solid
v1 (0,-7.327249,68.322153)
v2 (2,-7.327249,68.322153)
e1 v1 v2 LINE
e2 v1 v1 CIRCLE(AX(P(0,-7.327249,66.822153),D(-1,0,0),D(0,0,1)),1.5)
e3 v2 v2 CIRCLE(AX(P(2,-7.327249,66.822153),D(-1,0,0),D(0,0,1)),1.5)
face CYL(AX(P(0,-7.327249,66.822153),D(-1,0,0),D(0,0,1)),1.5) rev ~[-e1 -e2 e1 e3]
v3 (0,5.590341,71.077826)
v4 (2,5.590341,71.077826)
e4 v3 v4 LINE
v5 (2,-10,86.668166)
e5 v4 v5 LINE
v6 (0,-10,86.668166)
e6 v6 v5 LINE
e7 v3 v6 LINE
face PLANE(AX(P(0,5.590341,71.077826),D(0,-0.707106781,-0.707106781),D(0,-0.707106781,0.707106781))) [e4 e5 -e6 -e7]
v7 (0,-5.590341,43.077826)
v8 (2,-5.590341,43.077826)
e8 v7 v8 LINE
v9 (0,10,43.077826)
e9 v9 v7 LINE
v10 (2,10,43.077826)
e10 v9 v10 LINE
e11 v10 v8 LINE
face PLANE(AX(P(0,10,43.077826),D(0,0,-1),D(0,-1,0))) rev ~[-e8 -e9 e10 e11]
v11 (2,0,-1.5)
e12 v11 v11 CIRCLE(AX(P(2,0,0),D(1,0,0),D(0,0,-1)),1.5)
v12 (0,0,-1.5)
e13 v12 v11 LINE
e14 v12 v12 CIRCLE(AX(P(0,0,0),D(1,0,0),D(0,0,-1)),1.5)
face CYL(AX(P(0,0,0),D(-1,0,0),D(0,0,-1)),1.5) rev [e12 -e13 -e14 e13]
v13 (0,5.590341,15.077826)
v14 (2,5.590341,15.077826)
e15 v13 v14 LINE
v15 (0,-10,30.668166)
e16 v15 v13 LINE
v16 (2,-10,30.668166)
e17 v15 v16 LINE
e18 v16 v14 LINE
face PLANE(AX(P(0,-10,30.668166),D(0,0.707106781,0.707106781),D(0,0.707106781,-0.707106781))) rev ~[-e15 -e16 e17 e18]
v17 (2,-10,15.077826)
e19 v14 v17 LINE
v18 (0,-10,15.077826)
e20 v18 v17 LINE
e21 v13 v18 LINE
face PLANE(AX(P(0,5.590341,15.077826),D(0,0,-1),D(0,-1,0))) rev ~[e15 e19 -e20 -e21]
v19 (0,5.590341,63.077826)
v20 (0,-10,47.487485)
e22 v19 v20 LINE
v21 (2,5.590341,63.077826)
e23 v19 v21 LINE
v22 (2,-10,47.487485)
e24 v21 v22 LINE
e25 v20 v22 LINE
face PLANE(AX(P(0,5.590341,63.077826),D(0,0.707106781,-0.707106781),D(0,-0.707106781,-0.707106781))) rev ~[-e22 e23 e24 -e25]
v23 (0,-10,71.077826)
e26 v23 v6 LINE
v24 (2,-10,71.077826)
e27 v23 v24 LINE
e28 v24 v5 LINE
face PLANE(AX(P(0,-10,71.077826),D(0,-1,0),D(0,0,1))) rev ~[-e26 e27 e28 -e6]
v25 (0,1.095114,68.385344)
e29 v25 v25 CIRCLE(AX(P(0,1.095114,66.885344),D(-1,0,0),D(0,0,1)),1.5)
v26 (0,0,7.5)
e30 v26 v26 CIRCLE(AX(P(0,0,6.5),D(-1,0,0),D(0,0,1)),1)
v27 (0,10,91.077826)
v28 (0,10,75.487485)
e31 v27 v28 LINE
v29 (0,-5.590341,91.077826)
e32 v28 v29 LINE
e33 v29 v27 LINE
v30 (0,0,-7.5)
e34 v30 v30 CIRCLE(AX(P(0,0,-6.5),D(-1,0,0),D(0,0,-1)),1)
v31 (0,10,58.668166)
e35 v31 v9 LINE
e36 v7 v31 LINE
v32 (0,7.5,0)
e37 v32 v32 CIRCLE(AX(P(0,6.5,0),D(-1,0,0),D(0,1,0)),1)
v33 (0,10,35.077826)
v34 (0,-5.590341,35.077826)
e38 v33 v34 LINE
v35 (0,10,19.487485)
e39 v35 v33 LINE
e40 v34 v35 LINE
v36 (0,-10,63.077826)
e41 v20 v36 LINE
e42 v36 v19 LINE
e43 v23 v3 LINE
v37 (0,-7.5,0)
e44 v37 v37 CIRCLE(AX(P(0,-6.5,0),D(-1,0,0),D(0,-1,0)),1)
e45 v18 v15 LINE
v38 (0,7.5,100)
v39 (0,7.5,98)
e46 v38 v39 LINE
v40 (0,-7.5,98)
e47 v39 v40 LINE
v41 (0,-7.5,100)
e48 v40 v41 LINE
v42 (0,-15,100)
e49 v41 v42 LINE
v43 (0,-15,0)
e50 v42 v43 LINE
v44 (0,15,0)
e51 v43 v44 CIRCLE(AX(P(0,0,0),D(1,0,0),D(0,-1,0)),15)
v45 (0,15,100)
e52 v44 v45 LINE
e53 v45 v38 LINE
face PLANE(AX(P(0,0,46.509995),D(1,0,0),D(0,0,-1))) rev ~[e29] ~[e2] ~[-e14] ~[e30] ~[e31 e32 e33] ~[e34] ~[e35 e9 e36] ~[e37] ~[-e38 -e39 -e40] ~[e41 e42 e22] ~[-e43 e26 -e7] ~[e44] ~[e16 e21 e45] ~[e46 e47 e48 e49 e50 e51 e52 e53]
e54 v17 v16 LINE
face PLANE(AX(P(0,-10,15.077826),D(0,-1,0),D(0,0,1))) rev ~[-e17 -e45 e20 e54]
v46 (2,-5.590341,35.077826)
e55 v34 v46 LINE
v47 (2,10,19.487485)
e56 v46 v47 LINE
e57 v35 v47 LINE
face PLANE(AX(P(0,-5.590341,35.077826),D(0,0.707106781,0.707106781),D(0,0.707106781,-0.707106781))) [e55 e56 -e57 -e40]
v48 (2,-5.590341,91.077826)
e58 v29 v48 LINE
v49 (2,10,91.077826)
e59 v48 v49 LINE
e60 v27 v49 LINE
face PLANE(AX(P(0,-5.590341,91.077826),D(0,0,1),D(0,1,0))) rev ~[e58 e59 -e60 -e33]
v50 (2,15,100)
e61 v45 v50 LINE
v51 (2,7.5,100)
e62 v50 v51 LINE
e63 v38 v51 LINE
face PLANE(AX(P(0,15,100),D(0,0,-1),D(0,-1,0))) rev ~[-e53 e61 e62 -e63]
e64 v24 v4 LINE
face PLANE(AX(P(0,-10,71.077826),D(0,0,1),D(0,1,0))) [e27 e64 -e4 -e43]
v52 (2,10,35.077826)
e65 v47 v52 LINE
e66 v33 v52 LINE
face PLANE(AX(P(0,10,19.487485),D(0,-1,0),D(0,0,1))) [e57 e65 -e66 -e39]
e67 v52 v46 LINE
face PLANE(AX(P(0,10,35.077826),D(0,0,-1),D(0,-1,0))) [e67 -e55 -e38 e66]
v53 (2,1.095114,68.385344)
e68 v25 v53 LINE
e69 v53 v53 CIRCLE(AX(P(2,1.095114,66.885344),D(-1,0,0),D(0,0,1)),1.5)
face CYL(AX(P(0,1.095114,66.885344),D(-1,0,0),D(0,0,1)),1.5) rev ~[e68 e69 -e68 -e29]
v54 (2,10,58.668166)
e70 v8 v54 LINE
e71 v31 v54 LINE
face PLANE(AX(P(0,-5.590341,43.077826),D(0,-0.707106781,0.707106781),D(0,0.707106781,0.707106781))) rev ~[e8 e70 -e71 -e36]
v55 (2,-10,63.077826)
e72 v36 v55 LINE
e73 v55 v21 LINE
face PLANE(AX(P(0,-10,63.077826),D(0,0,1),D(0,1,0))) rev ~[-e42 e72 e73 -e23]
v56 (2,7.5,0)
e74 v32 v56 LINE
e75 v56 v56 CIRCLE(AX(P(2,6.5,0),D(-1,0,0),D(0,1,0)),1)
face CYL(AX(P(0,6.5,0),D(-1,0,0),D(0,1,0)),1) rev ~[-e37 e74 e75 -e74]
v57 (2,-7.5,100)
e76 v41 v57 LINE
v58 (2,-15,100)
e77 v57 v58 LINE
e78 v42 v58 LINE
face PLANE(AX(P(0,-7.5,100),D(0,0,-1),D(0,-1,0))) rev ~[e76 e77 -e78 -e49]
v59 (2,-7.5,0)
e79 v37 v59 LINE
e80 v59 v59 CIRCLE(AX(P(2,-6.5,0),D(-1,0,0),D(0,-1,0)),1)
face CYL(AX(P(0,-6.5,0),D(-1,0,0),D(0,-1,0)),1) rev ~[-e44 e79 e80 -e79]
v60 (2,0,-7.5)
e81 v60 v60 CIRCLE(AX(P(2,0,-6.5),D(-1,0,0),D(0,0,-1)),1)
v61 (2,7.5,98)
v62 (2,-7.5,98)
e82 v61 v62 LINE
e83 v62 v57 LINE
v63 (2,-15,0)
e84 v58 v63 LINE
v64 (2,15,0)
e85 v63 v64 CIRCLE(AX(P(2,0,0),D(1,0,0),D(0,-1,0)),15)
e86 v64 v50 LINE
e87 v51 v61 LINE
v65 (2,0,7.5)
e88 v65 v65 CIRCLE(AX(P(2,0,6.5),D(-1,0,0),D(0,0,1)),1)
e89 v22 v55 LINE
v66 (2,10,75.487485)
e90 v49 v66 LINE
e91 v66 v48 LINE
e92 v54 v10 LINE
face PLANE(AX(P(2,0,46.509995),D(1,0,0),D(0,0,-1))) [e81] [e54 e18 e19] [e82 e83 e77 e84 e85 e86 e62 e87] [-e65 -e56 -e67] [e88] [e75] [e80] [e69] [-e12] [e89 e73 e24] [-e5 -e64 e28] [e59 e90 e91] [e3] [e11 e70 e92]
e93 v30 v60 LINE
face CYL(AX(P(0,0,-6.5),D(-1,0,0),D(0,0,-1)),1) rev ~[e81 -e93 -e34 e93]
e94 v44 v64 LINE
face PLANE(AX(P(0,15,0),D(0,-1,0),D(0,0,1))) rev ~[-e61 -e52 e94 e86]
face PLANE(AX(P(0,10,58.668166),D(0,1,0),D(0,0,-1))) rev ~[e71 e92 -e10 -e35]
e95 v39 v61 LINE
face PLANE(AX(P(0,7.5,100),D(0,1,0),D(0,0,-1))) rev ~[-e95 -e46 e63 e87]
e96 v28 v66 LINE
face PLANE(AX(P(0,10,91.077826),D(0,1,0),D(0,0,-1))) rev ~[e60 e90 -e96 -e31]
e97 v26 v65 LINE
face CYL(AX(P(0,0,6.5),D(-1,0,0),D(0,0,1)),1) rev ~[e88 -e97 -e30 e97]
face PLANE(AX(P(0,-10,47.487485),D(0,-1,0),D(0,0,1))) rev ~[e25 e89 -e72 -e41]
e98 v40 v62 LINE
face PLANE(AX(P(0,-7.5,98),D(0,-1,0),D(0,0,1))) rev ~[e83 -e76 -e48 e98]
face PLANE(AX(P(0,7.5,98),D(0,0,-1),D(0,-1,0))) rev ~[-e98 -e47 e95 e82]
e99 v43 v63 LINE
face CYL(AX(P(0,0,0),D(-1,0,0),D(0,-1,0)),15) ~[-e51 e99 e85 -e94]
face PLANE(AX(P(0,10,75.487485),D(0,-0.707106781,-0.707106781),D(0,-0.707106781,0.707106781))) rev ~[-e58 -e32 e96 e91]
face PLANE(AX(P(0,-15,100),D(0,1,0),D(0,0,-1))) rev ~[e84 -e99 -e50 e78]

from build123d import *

# Parameters (mm, degrees)
SKETCH1_R           = 1.5
BOSS_EXTRUDE1_DEPTH = 2
SKETCH2_R           = 1
SKETCH2_R_2         = 1.5
CUT_EXTRUDE1_DEPTH  = 2
CIRPATTERN1_COUNT   = 4


with BuildPart() as part:
    # Sketch1 → Boss-Extrude1 (new body)
    with BuildSketch(Plane(origin=(0, 0, 0), x_dir=(0, 0, -1), z_dir=(1, 0, 0))):
        with BuildLine():
            Line((0, 15), (-100, 15))
            Line((-100, 15), (-100, 7.5))
            Line((-100, 7.5), (-98, 7.5))
            Line((-98, 7.5), (-98, -7.5))
            Line((-98, -7.5), (-100, -7.5))
            Line((-100, -7.5), (-100, -15))
            Line((-100, -15), (-70.810782002, -15))
            Line((-70.810782002, -15), (-68.551280878, -15))
            Line((-68.551280878, -15), (0, -15))
            ThreePointArc((0, -15), (15, 0), (0, 15))
        make_face()
        Circle(SKETCH1_R, mode=Mode.SUBTRACT)
        Polygon((-91.077825525, 10), (-75.487484581, 10), (-91.077825525, -5.590340945), align=None, mode=Mode.SUBTRACT)
        Polygon((-86.66816647, -10), (-73.439167119, -10), (-71.179665994, -10), (-71.077825525, -10), (-71.077825525, 5.590340945), align=None, mode=Mode.SUBTRACT)
        Polygon((-47.487484581, -10), (-63.077825525, -10), (-63.077825525, 5.590340945), align=None, mode=Mode.SUBTRACT)
        Polygon((-43.077825525, -5.590340945), (-58.66816647, 10), (-43.077825525, 10), align=None, mode=Mode.SUBTRACT)
        Polygon((-35.077825525, 10), (-35.077825525, -5.590340945), (-19.487484581, 10), align=None, mode=Mode.SUBTRACT)
        Polygon((-15.077825525, 5.590340945), (-15.077825525, -10), (-30.66816647, -10), align=None, mode=Mode.SUBTRACT)
    extrude(amount=BOSS_EXTRUDE1_DEPTH)

    # Sketch2 → Cut-Extrude1 (cut)
    with BuildSketch(Plane.ZY):
        with Locations((6.5, 0)):
            Circle(SKETCH2_R)
        with Locations((66.885344311, 1.095113855)):
            Circle(SKETCH2_R_2)
        with Locations((66.822152611, -7.327248895)):
            Circle(SKETCH2_R_2)
    cut_extrude1 = extrude(amount=-CUT_EXTRUDE1_DEPTH, mode=Mode.SUBTRACT)

    # CirPattern1: Cut-Extrude1 ×4 about axis
    cirpattern1_axis = Axis((0, 0, 0), (1, 0, 0))
    for i in range(1, CIRPATTERN1_COUNT):
        add(cut_extrude1.rotate(cirpattern1_axis, i * 360 / CIRPATTERN1_COUNT), mode=Mode.SUBTRACT)


solid = part.part
